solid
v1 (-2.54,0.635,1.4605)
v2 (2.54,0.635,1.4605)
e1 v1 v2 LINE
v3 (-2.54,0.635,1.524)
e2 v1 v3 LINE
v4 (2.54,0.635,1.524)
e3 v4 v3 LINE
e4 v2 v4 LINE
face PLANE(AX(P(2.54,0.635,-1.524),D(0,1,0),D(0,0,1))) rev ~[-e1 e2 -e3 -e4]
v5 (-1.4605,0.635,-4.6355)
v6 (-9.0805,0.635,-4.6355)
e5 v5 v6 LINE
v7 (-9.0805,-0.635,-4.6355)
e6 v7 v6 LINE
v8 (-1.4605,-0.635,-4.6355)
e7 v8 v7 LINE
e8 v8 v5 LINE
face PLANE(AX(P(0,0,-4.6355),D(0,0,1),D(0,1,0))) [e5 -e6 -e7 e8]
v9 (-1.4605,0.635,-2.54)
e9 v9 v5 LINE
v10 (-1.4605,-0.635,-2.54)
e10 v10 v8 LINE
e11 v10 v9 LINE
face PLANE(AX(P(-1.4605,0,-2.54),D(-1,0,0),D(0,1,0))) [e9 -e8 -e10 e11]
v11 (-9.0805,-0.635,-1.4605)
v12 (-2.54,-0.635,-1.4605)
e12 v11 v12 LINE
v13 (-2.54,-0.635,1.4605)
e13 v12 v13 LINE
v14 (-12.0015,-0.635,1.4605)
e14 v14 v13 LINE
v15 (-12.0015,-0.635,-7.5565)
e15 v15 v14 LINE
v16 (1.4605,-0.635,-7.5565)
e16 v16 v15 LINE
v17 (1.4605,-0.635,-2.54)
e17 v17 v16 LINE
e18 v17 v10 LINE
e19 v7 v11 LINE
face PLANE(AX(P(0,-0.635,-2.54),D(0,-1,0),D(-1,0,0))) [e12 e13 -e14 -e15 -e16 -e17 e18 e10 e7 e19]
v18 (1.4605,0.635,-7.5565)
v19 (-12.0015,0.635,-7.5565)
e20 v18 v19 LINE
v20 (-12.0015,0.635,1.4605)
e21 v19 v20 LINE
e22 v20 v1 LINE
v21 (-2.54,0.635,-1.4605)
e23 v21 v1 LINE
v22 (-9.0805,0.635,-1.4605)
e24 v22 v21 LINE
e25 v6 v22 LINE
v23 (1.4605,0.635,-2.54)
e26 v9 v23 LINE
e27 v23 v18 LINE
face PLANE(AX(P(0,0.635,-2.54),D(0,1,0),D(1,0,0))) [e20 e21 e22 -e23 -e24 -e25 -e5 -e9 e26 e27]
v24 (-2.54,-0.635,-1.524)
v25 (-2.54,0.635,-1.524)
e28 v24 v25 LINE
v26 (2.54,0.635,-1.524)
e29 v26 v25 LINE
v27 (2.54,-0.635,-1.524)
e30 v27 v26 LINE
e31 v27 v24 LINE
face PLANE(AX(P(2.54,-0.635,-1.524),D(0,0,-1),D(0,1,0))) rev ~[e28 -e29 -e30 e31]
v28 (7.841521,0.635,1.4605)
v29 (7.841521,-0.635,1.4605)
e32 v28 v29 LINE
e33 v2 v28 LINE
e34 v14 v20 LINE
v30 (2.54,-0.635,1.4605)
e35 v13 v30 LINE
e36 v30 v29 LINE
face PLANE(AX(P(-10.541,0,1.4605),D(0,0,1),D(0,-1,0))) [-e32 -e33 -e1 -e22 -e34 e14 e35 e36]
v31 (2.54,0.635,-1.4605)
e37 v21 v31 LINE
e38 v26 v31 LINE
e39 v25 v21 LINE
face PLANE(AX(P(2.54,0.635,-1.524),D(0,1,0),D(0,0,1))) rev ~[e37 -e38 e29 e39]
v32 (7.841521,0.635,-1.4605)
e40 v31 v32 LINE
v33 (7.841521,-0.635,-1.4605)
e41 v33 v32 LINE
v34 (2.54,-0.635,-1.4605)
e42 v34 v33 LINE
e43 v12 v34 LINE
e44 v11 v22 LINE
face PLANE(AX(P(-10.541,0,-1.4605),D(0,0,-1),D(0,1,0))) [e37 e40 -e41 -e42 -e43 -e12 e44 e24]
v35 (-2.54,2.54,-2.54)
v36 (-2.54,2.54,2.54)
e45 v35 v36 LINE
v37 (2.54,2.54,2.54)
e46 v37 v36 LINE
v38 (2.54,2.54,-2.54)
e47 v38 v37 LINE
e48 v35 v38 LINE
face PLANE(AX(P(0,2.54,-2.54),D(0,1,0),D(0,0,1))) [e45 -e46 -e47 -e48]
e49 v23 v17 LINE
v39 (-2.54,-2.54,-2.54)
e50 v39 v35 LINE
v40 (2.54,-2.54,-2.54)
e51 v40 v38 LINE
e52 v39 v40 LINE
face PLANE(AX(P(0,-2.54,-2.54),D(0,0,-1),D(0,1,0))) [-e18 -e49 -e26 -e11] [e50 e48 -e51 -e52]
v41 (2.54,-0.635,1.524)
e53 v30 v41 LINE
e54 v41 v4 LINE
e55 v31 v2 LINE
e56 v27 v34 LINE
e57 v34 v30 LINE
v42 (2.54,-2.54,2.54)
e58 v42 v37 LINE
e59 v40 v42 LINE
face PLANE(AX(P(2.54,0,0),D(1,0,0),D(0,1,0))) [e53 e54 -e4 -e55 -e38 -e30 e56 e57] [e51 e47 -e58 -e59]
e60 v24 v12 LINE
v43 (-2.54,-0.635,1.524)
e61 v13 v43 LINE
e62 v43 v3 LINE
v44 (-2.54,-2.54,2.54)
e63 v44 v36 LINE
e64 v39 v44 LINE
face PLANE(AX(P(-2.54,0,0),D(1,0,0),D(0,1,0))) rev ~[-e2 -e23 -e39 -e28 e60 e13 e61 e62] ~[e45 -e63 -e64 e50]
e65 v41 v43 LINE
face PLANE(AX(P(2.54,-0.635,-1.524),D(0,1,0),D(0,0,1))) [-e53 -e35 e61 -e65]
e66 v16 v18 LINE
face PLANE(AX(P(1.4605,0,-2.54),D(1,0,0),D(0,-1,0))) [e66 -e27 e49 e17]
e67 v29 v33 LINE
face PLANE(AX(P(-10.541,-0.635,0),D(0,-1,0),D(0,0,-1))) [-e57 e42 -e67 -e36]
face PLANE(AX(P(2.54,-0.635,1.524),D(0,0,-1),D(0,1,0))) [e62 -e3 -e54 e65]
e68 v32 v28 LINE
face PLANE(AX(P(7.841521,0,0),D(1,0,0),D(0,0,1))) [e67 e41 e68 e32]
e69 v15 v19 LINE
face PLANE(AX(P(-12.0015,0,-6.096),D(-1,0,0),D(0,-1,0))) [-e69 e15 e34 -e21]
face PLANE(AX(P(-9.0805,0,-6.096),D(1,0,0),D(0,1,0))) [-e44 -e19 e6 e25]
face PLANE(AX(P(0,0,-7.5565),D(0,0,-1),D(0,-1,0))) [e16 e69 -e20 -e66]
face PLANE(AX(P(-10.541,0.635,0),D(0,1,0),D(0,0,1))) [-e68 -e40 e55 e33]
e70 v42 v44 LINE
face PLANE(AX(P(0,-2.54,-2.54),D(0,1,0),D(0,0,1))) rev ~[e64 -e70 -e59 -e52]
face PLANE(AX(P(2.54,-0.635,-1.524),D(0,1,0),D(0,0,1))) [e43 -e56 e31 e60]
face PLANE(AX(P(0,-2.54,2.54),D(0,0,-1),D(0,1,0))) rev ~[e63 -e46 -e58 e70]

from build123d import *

# Parameters (mm, degrees)
F0_W     = 5.08
F0_H     = 5.08
F1_DEPTH = 2.54
F4_W     = 1.27
F4_H     = 3.048
F5_DEPTH = 5.08
F3_W     = 2.921
F3_H     = 1.27


with BuildPart() as f1:
    # F0 (on Right) → F1 (new body, symmetric)
    with BuildSketch(Plane.YZ):
        Rectangle(F0_W, F0_H)
    extrude(amount=F1_DEPTH, both=True)

    # F4 (on face) → F5 (cut, through all)
    with BuildSketch(Plane.YZ.offset(2.54)):
        Rectangle(F4_W, F4_H)
    extrude(amount=-F5_DEPTH, mode=Mode.SUBTRACT)

    # F6: sweep along a path in F2
    with BuildLine(Plane.XZ) as f6_path:
        Line((0, -2.54), (0, -6.096))
        Line((0, -6.096), (-10.541, -6.096))
        Line((-10.541, -6.096), (-10.541, 0))
        Line((-10.541, 0), (7.8415209427, 0))
    # F3 (on face) → F6 (sweep)
    with BuildSketch(Plane(origin=(0, 0, -2.54), x_dir=(1, 0, 0), z_dir=(0, 0, -1))):
        Rectangle(F3_W, F3_H)
    sweep(path=f6_path.line, transition=Transition.RIGHT)


solid = f1.part
